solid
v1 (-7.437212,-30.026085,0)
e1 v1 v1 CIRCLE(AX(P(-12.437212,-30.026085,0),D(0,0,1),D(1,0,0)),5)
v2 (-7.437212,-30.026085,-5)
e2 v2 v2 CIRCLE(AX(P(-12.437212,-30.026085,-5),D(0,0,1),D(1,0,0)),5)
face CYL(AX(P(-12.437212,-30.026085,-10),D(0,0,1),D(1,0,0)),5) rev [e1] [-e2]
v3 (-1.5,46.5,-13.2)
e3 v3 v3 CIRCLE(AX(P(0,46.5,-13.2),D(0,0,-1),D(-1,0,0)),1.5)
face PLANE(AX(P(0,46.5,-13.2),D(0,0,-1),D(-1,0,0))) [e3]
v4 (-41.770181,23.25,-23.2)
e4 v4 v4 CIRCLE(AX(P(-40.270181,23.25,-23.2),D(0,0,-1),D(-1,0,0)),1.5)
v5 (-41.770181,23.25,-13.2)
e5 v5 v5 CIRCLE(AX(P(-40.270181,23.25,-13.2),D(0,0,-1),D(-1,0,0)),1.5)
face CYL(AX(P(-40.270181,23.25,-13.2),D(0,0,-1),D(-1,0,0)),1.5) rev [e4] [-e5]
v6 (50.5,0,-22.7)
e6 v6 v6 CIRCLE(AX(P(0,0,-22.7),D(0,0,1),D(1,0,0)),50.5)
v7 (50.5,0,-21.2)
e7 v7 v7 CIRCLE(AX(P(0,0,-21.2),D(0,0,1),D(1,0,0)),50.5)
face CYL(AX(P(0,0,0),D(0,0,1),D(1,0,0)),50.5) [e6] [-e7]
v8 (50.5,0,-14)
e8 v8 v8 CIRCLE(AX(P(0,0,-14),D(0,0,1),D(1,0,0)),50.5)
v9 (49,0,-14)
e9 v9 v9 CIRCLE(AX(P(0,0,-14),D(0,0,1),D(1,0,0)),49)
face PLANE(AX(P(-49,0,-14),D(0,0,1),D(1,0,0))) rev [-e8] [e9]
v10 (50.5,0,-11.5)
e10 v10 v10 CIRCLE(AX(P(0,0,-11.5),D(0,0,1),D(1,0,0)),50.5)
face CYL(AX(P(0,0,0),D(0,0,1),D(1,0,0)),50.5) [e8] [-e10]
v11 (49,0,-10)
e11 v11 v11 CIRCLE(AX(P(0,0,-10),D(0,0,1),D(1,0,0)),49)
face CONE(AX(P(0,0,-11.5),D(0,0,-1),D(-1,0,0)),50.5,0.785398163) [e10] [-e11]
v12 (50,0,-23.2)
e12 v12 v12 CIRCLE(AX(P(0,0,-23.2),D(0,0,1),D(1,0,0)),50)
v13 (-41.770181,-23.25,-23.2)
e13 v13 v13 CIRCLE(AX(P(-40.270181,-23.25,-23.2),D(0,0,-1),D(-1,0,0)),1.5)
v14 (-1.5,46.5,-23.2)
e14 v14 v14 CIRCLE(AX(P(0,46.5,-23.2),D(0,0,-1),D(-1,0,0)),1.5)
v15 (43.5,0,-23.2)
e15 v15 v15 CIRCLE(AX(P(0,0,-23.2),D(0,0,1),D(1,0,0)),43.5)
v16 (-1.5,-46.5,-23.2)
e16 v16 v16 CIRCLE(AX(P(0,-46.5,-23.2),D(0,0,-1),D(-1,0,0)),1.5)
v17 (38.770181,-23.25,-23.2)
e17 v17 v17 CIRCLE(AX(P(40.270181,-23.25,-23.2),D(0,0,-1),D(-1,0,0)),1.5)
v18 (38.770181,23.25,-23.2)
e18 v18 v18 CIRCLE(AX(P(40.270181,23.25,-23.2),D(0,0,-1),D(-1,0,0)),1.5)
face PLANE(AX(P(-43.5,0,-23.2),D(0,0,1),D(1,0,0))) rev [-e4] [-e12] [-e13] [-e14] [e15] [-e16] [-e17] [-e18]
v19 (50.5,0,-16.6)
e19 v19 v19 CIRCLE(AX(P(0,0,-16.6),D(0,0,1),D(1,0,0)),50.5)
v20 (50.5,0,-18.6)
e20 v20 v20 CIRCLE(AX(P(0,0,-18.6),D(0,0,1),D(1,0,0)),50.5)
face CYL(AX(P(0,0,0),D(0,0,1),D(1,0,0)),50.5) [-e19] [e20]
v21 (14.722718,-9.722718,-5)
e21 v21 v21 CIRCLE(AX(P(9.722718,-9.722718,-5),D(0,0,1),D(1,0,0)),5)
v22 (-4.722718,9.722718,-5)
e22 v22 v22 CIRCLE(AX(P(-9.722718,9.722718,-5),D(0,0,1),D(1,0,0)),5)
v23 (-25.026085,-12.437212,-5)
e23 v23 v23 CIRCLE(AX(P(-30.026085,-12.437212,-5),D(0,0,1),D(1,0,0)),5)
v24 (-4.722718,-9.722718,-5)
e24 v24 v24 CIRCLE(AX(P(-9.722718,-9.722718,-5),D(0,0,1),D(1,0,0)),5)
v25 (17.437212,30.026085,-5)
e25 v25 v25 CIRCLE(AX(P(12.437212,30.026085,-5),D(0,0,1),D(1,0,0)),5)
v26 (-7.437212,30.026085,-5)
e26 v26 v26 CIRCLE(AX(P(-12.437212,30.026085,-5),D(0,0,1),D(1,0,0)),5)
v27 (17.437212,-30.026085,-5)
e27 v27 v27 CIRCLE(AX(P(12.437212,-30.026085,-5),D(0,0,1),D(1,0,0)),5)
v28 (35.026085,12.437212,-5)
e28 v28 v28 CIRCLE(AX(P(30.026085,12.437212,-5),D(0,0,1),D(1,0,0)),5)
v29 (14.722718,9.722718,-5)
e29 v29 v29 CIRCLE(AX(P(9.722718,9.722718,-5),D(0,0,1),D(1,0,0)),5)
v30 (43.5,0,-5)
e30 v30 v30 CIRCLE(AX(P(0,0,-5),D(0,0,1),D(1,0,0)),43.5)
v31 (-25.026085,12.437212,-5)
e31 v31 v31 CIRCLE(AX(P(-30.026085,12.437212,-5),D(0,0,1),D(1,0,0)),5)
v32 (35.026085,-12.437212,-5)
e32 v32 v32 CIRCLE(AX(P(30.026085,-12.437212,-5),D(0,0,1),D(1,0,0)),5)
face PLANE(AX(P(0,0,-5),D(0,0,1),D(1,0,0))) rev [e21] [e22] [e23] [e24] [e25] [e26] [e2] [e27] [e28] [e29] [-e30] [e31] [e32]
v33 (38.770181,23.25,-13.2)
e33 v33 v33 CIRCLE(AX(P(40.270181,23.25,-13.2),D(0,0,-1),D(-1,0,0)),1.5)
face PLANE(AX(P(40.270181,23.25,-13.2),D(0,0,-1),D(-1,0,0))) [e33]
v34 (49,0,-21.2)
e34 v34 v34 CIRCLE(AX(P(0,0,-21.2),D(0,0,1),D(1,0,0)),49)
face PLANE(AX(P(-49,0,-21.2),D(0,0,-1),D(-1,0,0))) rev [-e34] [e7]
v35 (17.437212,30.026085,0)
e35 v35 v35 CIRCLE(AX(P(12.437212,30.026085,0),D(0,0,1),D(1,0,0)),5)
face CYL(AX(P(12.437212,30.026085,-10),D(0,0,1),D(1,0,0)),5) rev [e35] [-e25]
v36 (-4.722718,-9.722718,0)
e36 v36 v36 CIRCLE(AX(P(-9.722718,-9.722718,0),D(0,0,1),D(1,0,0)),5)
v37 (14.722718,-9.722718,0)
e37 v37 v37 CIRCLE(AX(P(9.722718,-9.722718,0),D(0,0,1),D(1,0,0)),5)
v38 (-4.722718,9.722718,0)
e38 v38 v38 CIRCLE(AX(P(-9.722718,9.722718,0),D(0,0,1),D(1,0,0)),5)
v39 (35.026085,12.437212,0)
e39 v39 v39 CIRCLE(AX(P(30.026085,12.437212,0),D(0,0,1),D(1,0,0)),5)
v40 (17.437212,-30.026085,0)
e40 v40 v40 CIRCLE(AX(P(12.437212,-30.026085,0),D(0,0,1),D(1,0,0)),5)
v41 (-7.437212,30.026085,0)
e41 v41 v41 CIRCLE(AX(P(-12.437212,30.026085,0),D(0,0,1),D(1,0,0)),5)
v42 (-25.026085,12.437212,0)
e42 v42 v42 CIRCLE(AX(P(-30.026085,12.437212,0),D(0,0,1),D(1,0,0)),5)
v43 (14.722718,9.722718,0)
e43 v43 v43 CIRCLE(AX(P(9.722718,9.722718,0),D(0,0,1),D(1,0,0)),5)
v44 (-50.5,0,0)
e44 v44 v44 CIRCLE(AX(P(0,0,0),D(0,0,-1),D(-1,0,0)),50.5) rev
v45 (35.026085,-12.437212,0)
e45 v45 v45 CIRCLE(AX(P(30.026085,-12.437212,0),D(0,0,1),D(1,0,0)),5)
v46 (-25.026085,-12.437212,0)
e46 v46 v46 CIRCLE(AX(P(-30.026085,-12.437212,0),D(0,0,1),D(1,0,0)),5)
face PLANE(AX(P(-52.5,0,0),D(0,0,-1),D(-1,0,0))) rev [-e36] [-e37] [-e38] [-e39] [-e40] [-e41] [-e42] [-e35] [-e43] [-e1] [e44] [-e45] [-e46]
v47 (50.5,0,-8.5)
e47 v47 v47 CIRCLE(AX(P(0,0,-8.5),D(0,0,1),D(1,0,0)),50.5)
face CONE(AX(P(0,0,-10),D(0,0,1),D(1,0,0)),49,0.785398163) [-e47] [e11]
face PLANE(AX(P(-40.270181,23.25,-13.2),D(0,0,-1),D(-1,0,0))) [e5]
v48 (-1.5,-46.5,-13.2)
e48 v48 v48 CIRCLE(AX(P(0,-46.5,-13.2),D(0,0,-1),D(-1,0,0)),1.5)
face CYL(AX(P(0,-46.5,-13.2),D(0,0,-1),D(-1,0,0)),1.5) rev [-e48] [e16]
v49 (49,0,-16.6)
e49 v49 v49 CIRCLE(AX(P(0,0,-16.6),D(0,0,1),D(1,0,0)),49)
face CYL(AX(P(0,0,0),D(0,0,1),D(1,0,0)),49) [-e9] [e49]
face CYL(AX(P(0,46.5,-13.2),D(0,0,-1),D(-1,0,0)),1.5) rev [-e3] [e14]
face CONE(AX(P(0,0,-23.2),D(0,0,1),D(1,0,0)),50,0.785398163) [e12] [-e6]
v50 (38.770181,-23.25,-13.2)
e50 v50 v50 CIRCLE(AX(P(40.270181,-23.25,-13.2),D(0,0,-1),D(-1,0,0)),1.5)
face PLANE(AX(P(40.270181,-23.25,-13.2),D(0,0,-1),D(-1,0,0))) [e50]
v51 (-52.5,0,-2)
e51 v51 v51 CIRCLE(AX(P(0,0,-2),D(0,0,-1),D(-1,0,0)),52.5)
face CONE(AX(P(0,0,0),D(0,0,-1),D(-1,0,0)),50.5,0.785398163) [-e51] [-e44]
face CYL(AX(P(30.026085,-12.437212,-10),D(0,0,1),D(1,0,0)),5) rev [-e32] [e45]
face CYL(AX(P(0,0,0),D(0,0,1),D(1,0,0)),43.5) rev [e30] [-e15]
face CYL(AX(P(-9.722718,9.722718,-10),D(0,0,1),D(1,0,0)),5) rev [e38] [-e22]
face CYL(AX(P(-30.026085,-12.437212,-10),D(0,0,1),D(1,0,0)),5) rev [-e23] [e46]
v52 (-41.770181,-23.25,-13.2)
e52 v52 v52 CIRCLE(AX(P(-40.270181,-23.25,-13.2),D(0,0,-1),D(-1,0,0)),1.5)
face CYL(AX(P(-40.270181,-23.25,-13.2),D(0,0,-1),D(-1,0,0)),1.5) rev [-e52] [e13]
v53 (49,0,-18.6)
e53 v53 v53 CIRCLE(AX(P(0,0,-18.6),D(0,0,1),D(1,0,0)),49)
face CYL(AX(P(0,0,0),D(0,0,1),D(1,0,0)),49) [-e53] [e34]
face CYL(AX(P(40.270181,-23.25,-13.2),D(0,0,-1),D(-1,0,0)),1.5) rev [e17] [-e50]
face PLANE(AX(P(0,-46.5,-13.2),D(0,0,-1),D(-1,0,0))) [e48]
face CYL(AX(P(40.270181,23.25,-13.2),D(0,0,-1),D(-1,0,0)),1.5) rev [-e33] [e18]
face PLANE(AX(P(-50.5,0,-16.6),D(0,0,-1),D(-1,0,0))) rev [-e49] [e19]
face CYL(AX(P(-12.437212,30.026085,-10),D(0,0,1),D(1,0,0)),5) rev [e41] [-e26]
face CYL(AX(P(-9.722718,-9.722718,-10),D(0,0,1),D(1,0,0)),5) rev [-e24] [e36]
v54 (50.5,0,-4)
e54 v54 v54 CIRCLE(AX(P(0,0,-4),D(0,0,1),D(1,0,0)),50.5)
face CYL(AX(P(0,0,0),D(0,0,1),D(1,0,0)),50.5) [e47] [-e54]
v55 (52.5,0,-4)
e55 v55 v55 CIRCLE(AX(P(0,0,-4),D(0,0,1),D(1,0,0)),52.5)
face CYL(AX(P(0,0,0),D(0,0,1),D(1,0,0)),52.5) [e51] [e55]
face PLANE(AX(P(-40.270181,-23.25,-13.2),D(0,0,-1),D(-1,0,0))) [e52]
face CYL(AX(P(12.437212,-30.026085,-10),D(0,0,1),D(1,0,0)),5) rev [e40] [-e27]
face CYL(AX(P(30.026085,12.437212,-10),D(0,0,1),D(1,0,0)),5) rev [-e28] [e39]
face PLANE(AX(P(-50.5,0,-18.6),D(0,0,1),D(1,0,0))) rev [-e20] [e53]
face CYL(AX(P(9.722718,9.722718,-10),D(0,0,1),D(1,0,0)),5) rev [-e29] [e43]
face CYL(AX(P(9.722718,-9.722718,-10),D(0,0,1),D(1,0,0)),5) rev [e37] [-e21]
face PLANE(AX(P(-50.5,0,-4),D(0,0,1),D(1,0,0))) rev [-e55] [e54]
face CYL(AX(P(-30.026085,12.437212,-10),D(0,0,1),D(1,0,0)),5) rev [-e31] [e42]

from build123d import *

# Parameters (mm, degrees)
CHAMFER_1_SIZE      = 2
SKETCH_4_R          = 5
CUT_EXTRUDE_2_DEPTH = 10
SKETCH_5_R          = 1.5
CUT_EXTRUDE_3_DEPTH = 10


with BuildPart() as part:
    # Эскиз2 → Повернуть1 (revolve)
    with BuildSketch(Plane(origin=(0, 0, 0), x_dir=(1, 0, 0), z_dir=(0, 1, 0)), mode=Mode.PRIVATE) as revolve_1_sk:
        Polygon((0, 0), (0, 5), (-43.5, 5), (-43.5, 23.2), (-50, 23.2), (-50.5, 22.7), (-50.5, 21.2), (-49, 21.2), (-49, 18.6), (-50.5, 18.6), (-50.5, 16.6), (-49, 16.6), (-49, 14), (-50.5, 14), (-50.5, 11.5), (-49, 10), (-50.5, 8.5), (-50.5, 4), (-52.5, 4), (-52.5, 0), (-18.386389901, 0), align=None)
    revolve(revolve_1_sk.sketch.rotate(Axis((0, 0, 0), (0, 0, -1)), 180), axis=Axis((0, 0, 0), (0, 0, -1)))

    # Фаска1
    chamfer_1_edges = [part.edges().sort_by_distance(p)[0] for p in [
        (-52.5, 0, 0),
    ]]
    chamfer(chamfer_1_edges, length=CHAMFER_1_SIZE)

    # Эскиз4 → Вырез-Вытянуть2 (cut)
    with BuildSketch(Plane.XY):
        with Locations((-12.437211552, -30.026084807)):
            Circle(SKETCH_4_R)
        with Locations((-30.026084807, 12.437211552)):
            Circle(SKETCH_4_R)
        with Locations((-12.437211552, 30.026084807)):
            Circle(SKETCH_4_R)
        with Locations((12.437211552, 30.026084807)):
            Circle(SKETCH_4_R)
        with Locations((30.026084807, 12.437211552)):
            Circle(SKETCH_4_R)
        with Locations((30.026084807, -12.437211552)):
            Circle(SKETCH_4_R)
        with Locations((12.437211552, -30.026084807)):
            Circle(SKETCH_4_R)
        with Locations((-30.026084807, -12.437211552)):
            Circle(SKETCH_4_R)
        with Locations((-9.722718241, 9.722718241)):
            Circle(SKETCH_4_R)
        with Locations((9.722718241, 9.722718241)):
            Circle(SKETCH_4_R)
        with Locations((9.722718241, -9.722718241)):
            Circle(SKETCH_4_R)
        with Locations((-9.722718241, -9.722718241)):
            Circle(SKETCH_4_R)
    extrude(amount=-CUT_EXTRUDE_2_DEPTH, mode=Mode.SUBTRACT)

    # Эскиз5 → Вырез-Вытянуть3 (cut)
    with BuildSketch(Plane(origin=(0, 0, -23.2), x_dir=(-1, 0, 0), z_dir=(0, 0, -1))):
        with Locations((0, 46.5)):
            Circle(SKETCH_5_R)
        with Locations((40.270181276, 23.25)):
            Circle(SKETCH_5_R)
        with Locations((40.270181276, -23.25)):
            Circle(SKETCH_5_R)
        with Locations((0, -46.5)):
            Circle(SKETCH_5_R)
        with Locations((-40.270181276, -23.25)):
            Circle(SKETCH_5_R)
        with Locations((-40.270181276, 23.25)):
            Circle(SKETCH_5_R)
    extrude(amount=-CUT_EXTRUDE_3_DEPTH, mode=Mode.SUBTRACT)


solid = part.part
